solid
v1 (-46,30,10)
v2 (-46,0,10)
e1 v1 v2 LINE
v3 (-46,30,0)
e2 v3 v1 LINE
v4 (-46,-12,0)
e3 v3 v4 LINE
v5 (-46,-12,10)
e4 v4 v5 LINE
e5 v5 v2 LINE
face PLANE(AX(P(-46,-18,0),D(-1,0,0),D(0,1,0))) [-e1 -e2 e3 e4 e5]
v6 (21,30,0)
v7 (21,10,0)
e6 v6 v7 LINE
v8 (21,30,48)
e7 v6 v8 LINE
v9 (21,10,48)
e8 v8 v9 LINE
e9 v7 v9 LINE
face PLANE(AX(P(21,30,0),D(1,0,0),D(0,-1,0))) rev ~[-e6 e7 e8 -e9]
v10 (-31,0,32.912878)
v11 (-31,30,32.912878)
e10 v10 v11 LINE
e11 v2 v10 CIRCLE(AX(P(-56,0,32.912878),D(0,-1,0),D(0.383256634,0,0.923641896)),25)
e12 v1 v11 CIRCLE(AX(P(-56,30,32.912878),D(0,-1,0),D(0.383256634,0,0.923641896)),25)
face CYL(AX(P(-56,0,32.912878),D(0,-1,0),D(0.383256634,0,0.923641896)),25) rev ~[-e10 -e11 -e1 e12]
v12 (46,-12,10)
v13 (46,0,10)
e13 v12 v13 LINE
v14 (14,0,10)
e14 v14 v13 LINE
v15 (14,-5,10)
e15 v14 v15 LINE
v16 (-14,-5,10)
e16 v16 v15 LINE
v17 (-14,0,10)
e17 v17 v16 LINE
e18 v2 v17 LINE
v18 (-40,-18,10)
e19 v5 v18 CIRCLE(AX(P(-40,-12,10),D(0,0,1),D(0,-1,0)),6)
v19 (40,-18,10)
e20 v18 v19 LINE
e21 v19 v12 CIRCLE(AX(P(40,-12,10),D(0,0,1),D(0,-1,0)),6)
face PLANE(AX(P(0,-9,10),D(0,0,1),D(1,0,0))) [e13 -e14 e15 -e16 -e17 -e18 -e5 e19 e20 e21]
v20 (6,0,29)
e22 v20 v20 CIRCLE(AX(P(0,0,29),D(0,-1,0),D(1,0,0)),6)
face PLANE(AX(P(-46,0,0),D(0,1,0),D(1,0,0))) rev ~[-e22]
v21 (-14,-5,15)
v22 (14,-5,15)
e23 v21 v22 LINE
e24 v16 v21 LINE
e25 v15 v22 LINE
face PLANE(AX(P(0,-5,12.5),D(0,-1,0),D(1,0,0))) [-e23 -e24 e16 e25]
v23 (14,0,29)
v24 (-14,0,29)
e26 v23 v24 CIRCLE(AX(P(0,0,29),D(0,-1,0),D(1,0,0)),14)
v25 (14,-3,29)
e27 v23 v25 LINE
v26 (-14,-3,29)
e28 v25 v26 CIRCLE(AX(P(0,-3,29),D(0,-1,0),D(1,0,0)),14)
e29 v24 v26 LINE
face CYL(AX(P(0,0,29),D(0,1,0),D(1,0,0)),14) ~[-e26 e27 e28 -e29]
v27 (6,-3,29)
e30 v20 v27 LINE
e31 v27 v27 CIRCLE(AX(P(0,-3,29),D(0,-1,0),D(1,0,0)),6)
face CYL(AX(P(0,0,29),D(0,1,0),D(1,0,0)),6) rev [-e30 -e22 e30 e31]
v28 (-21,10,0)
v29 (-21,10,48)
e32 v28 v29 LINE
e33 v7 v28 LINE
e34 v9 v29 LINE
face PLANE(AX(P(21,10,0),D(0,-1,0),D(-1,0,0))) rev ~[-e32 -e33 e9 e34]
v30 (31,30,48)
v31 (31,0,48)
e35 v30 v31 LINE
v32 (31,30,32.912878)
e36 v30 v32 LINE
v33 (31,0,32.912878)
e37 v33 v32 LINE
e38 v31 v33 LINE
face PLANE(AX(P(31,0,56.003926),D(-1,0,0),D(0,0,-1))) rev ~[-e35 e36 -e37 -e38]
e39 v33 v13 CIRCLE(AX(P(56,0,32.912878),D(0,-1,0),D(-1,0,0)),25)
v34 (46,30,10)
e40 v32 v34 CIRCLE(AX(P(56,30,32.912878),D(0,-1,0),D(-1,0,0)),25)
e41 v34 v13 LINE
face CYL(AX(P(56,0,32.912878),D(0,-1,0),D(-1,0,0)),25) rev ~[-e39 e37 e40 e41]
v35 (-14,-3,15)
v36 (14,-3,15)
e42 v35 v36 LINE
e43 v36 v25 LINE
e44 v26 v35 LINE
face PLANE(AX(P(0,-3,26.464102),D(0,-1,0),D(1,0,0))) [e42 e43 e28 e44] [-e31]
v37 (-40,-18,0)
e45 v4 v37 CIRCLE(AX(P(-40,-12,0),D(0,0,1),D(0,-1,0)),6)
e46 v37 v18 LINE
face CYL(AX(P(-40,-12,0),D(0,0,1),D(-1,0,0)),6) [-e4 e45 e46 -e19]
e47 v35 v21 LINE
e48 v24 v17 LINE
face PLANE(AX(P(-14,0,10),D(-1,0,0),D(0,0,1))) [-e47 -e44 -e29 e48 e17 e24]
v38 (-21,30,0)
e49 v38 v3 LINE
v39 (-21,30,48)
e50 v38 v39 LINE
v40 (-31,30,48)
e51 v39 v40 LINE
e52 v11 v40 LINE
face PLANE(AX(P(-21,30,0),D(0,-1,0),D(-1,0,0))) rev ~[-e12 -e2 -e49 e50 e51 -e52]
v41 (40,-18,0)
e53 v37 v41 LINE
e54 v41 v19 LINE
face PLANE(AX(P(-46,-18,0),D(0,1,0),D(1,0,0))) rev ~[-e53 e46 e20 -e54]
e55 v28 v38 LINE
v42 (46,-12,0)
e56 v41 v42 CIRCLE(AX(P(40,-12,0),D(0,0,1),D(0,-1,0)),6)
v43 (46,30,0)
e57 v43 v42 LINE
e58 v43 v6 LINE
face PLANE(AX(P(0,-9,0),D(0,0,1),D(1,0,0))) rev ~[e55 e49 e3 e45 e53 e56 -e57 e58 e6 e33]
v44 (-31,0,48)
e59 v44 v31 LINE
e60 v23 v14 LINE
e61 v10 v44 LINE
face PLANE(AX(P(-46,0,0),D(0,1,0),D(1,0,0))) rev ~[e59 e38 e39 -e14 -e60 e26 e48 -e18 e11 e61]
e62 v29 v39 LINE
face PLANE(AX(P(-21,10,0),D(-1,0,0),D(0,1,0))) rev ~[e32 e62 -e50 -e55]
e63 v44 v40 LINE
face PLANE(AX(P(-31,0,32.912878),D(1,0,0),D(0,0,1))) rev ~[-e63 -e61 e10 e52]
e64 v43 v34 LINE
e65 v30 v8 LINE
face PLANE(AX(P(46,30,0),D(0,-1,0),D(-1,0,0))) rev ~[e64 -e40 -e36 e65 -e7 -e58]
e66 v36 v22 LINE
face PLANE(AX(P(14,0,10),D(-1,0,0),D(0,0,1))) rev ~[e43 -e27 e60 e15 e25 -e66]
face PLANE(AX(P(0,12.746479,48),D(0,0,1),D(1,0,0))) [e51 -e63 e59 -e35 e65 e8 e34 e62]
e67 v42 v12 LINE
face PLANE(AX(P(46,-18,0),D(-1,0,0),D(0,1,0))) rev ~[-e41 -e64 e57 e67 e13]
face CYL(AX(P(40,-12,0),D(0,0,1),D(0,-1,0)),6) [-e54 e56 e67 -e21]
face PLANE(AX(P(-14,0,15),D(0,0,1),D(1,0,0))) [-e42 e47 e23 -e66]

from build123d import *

# Parameters (mm, degrees)
F1_DEPTH = 48
F0_W     = 92
F0_H     = 18
F2_DEPTH = 10
F4_DEPTH = 42.2
F5_R     = 6
F6_DEPTH = 3
F5_W     = 28
F5_H     = 5
F7_DEPTH = 5
F8_R     = 6


with BuildPart() as f1:
    # F0 (on Top) → F1 (new body)
    with BuildSketch(Plane.XY):
        Polygon((-21, 30), (-46, 30), (-46, 0), (46, 0), (46, 30), (21, 30), (21, 10), (-21, 10), align=None)
    extrude(amount=F1_DEPTH)

    # F0 (on Top) → F2 (join)
    with BuildSketch(Plane.XY):
        with Locations((0, -9)):
            Rectangle(F0_W, F0_H)
    extrude(amount=F2_DEPTH)

    # F3 (on Front) → F4 (cut)
    with BuildSketch(Plane.XZ):
        with BuildLine():
            Line((-31, 32.9128784748), (-31, 56.0039258774))
            Line((-31, 56.0039258774), (-46.4185841416, 56.0039258774))
            ThreePointArc((-46.4185841416, 56.0039258774), (-35.208951488, 46.7956844509), (-31, 32.9128784748))
        make_face()
        with BuildLine():
            ThreePointArc((-46.4185841416, 56.0039258774), (-76.791048512, 19.0300724987), (-31, 32.9128784748))
            ThreePointArc((-31, 32.9128784748), (-35.208951488, 46.7956844509), (-46.4185841416, 56.0039258774))
        make_face()
        with BuildLine():
            ThreePointArc((81, 32.9128784748), (69.8828059761, 53.7039269868), (46.4185841416, 56.0039258774))
            ThreePointArc((46.4185841416, 56.0039258774), (35.208951488, 46.7956844509), (31, 32.9128784748))
            ThreePointArc((31, 32.9128784748), (56, 7.9128784748), (81, 32.9128784748))
        make_face()
        with BuildLine():
            ThreePointArc((31, 32.9128784748), (35.208951488, 46.7956844509), (46.4185841416, 56.0039258774))
            Line((46.4185841416, 56.0039258774), (31, 56.0039258774))
            Line((31, 56.0039258774), (31, 32.9128784748))
        make_face()
    extrude(amount=-F4_DEPTH, mode=Mode.SUBTRACT)

    # F5 (on face) → F6 (join)
    with BuildSketch(Plane.XZ):
        with BuildLine():
            Line((14, 15), (14, 29))
            ThreePointArc((14, 29), (0, 43), (-14, 29))
            Line((-14, 29), (-14, 15))
            Line((-14, 15), (14, 15))
        make_face()
        with Locations((0, 29)):
            Circle(F5_R, mode=Mode.SUBTRACT)
    extrude(amount=F6_DEPTH)

    # F5 (on face) → F7 (join)
    with BuildSketch(Plane.XZ):
        with Locations((0, 12.5)):
            Rectangle(F5_W, F5_H)
    extrude(amount=F7_DEPTH)

    # F8
    f8_edges = [f1.edges().sort_by_distance(p)[0] for p in [
        (-46, -18, 5),
        (46, -18, 5),
    ]]
    fillet(f8_edges, radius=F8_R)


solid = f1.part
